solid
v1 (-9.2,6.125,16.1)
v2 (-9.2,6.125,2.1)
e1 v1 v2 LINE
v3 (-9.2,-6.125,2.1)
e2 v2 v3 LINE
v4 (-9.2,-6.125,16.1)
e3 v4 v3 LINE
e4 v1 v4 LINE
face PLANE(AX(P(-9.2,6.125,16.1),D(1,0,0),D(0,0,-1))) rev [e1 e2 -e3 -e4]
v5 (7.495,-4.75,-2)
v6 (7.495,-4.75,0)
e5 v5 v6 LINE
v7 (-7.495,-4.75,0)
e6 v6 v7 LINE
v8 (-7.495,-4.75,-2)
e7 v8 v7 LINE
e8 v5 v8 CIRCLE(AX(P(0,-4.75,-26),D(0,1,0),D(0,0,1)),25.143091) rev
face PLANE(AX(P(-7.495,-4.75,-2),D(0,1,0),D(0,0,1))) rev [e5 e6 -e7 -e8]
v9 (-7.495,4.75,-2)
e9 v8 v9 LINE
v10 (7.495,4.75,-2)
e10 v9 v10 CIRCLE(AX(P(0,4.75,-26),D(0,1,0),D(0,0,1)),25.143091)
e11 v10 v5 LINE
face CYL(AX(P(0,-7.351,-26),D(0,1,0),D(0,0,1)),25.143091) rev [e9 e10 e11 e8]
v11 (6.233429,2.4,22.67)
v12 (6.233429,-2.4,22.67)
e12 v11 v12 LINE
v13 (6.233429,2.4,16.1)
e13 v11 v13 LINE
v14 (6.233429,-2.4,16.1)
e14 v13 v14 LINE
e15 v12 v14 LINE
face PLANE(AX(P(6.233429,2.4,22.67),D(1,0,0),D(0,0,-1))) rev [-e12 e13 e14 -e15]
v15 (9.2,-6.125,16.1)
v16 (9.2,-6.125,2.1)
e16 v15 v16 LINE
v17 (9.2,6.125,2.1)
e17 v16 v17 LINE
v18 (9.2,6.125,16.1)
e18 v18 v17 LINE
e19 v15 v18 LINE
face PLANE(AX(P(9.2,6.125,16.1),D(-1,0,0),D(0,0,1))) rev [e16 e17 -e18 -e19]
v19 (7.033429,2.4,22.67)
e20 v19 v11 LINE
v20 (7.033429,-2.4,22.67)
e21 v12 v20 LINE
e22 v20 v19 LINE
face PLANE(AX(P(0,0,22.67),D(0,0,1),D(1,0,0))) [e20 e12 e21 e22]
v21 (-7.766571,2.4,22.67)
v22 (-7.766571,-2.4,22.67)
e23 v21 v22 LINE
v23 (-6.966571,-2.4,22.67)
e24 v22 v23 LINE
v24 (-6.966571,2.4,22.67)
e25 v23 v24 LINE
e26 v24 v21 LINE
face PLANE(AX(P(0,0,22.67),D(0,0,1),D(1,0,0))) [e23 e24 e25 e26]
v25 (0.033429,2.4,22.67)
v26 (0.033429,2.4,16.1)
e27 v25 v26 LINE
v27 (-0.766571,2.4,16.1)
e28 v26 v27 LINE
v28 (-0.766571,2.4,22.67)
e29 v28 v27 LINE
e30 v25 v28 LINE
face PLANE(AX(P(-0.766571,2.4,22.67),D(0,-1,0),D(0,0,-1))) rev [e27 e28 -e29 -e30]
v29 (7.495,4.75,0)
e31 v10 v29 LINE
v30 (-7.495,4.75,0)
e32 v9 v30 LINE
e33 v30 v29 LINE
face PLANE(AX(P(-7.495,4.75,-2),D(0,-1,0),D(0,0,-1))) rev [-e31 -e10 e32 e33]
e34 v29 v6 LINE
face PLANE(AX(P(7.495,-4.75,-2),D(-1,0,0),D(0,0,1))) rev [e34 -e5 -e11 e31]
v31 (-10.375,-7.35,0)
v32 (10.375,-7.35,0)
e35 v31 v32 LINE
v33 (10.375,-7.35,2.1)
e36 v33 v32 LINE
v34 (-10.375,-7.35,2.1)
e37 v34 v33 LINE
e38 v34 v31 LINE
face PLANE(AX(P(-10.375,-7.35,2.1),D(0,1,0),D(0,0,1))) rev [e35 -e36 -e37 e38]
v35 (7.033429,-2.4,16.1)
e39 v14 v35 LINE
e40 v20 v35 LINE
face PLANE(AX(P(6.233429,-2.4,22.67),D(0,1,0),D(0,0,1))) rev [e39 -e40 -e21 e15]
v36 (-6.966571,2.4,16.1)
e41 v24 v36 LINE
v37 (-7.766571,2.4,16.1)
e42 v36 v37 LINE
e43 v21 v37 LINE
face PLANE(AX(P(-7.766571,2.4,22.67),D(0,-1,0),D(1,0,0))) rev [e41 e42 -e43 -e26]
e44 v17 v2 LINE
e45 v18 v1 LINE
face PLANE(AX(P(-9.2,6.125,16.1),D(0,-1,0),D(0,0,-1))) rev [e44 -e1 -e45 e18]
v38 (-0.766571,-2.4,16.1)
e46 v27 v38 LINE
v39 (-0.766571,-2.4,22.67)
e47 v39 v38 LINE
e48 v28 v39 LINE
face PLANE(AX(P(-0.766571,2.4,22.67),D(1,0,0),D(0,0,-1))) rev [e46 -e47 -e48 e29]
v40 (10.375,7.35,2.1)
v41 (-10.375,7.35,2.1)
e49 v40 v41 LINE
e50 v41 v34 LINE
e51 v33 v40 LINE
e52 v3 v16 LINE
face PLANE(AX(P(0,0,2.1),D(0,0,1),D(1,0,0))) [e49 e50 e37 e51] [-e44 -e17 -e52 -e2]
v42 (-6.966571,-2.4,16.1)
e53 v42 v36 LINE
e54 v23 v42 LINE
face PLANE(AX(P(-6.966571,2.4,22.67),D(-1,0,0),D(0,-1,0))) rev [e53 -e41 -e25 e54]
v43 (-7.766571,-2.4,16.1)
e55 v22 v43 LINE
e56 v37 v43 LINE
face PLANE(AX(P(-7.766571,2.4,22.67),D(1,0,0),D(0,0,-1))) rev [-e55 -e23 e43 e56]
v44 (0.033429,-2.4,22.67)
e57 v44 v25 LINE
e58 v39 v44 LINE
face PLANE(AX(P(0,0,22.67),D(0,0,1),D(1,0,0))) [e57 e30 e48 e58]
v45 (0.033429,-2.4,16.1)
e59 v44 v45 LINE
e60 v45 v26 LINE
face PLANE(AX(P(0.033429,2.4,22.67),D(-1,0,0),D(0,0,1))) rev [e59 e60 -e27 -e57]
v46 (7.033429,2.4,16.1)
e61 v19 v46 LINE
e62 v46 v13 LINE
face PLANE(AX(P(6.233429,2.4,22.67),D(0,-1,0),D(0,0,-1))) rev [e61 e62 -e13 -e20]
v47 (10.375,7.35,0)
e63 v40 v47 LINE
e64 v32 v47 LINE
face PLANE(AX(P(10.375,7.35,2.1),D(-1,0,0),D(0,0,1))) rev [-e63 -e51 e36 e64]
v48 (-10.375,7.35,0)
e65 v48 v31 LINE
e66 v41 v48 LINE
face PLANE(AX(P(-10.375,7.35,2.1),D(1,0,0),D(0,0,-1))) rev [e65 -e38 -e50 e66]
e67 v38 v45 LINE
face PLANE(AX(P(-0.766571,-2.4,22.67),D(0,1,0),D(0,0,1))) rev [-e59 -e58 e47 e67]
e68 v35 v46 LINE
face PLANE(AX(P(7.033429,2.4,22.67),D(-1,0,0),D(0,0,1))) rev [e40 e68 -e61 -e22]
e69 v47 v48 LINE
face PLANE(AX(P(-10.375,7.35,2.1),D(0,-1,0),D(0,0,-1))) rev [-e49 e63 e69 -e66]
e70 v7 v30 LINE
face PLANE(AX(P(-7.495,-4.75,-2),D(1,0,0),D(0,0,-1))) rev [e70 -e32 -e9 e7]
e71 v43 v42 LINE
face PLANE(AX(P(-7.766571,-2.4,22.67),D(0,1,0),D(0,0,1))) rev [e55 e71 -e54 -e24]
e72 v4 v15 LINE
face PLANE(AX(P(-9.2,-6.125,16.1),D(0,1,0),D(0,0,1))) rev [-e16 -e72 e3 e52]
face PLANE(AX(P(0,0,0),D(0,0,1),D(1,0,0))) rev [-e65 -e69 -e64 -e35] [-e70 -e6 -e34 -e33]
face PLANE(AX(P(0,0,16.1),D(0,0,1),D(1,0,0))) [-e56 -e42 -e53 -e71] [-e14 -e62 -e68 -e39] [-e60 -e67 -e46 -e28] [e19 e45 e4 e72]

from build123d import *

# Parameters (mm, degrees)
ESQUISSE1_W             = 20.75
ESQUISSE1_H             = 14.7
BOSS_EXTRU_1_DEPTH      = 2.1
ESQUISSE2_W             = 18.4
ESQUISSE2_H             = 12.25
BOSS_EXTRU_2_DEPTH      = 14
ESQUISSE3_W             = 0.8
ESQUISSE3_H             = 4.8
BOSS_EXTRU_3_DEPTH      = 6.57
ESQUISSE4_W             = 14.99
ESQUISSE4_H             = 9.5
BOSS_EXTRU_4_DEPTH      = 2
ENL_V_MAT_EXTRU_1_REACH = 29.712


with BuildPart() as part:
    # Esquisse1 → Boss.-Extru.1 (new body)
    with BuildSketch(Plane.XY):
        Rectangle(ESQUISSE1_W, ESQUISSE1_H)
    extrude(amount=BOSS_EXTRU_1_DEPTH)

    # Esquisse2 → Boss.-Extru.2 (add)
    with BuildSketch(Plane.XY.offset(2.1)):
        Rectangle(ESQUISSE2_W, ESQUISSE2_H)
    extrude(amount=BOSS_EXTRU_2_DEPTH)

    # Esquisse3 → Boss.-Extru.3 (add)
    with BuildSketch(Plane.XY.offset(16.1)):
        with Locations((-0.366571113, 0)):
            Rectangle(ESQUISSE3_W, ESQUISSE3_H)
        with Locations((6.633428887, 0)):
            Rectangle(ESQUISSE3_W, ESQUISSE3_H)
        with Locations((-7.366571113, 0)):
            Rectangle(ESQUISSE3_W, ESQUISSE3_H)
    extrude(amount=BOSS_EXTRU_3_DEPTH)

    # Esquisse4 → Boss.-Extru.4 (add)
    with BuildSketch(Plane(origin=(0, 0, 0), x_dir=(-1, 0, 0), z_dir=(0, 0, -1))):
        Rectangle(ESQUISSE4_W, ESQUISSE4_H)
    extrude(amount=BOSS_EXTRU_4_DEPTH)

    # Esquisse5 → Enlèv. mat.-Extru.1 (cut, up to next)
    with BuildSketch(Plane(origin=(0, 4.75, 0), x_dir=(1, 0, 0), z_dir=(0, 1, 0)), mode=Mode.PRIVATE) as enl_v_mat_extru_1_sk1:
        with BuildLine():
            Line((-7.495, 2), (7.495, 2))
            ThreePointArc((7.495, 2), (0, 0.856909001), (-7.495, 2))
        make_face()
    enl_v_mat_extru_1_tool1 = extrude(enl_v_mat_extru_1_sk1.sketch, amount=-ENL_V_MAT_EXTRU_1_REACH, mode=Mode.PRIVATE) & part.part
    add(enl_v_mat_extru_1_tool1.solids().sort_by_distance((0, 4.75, -1.541861))[0], mode=Mode.SUBTRACT)


solid = part.part
